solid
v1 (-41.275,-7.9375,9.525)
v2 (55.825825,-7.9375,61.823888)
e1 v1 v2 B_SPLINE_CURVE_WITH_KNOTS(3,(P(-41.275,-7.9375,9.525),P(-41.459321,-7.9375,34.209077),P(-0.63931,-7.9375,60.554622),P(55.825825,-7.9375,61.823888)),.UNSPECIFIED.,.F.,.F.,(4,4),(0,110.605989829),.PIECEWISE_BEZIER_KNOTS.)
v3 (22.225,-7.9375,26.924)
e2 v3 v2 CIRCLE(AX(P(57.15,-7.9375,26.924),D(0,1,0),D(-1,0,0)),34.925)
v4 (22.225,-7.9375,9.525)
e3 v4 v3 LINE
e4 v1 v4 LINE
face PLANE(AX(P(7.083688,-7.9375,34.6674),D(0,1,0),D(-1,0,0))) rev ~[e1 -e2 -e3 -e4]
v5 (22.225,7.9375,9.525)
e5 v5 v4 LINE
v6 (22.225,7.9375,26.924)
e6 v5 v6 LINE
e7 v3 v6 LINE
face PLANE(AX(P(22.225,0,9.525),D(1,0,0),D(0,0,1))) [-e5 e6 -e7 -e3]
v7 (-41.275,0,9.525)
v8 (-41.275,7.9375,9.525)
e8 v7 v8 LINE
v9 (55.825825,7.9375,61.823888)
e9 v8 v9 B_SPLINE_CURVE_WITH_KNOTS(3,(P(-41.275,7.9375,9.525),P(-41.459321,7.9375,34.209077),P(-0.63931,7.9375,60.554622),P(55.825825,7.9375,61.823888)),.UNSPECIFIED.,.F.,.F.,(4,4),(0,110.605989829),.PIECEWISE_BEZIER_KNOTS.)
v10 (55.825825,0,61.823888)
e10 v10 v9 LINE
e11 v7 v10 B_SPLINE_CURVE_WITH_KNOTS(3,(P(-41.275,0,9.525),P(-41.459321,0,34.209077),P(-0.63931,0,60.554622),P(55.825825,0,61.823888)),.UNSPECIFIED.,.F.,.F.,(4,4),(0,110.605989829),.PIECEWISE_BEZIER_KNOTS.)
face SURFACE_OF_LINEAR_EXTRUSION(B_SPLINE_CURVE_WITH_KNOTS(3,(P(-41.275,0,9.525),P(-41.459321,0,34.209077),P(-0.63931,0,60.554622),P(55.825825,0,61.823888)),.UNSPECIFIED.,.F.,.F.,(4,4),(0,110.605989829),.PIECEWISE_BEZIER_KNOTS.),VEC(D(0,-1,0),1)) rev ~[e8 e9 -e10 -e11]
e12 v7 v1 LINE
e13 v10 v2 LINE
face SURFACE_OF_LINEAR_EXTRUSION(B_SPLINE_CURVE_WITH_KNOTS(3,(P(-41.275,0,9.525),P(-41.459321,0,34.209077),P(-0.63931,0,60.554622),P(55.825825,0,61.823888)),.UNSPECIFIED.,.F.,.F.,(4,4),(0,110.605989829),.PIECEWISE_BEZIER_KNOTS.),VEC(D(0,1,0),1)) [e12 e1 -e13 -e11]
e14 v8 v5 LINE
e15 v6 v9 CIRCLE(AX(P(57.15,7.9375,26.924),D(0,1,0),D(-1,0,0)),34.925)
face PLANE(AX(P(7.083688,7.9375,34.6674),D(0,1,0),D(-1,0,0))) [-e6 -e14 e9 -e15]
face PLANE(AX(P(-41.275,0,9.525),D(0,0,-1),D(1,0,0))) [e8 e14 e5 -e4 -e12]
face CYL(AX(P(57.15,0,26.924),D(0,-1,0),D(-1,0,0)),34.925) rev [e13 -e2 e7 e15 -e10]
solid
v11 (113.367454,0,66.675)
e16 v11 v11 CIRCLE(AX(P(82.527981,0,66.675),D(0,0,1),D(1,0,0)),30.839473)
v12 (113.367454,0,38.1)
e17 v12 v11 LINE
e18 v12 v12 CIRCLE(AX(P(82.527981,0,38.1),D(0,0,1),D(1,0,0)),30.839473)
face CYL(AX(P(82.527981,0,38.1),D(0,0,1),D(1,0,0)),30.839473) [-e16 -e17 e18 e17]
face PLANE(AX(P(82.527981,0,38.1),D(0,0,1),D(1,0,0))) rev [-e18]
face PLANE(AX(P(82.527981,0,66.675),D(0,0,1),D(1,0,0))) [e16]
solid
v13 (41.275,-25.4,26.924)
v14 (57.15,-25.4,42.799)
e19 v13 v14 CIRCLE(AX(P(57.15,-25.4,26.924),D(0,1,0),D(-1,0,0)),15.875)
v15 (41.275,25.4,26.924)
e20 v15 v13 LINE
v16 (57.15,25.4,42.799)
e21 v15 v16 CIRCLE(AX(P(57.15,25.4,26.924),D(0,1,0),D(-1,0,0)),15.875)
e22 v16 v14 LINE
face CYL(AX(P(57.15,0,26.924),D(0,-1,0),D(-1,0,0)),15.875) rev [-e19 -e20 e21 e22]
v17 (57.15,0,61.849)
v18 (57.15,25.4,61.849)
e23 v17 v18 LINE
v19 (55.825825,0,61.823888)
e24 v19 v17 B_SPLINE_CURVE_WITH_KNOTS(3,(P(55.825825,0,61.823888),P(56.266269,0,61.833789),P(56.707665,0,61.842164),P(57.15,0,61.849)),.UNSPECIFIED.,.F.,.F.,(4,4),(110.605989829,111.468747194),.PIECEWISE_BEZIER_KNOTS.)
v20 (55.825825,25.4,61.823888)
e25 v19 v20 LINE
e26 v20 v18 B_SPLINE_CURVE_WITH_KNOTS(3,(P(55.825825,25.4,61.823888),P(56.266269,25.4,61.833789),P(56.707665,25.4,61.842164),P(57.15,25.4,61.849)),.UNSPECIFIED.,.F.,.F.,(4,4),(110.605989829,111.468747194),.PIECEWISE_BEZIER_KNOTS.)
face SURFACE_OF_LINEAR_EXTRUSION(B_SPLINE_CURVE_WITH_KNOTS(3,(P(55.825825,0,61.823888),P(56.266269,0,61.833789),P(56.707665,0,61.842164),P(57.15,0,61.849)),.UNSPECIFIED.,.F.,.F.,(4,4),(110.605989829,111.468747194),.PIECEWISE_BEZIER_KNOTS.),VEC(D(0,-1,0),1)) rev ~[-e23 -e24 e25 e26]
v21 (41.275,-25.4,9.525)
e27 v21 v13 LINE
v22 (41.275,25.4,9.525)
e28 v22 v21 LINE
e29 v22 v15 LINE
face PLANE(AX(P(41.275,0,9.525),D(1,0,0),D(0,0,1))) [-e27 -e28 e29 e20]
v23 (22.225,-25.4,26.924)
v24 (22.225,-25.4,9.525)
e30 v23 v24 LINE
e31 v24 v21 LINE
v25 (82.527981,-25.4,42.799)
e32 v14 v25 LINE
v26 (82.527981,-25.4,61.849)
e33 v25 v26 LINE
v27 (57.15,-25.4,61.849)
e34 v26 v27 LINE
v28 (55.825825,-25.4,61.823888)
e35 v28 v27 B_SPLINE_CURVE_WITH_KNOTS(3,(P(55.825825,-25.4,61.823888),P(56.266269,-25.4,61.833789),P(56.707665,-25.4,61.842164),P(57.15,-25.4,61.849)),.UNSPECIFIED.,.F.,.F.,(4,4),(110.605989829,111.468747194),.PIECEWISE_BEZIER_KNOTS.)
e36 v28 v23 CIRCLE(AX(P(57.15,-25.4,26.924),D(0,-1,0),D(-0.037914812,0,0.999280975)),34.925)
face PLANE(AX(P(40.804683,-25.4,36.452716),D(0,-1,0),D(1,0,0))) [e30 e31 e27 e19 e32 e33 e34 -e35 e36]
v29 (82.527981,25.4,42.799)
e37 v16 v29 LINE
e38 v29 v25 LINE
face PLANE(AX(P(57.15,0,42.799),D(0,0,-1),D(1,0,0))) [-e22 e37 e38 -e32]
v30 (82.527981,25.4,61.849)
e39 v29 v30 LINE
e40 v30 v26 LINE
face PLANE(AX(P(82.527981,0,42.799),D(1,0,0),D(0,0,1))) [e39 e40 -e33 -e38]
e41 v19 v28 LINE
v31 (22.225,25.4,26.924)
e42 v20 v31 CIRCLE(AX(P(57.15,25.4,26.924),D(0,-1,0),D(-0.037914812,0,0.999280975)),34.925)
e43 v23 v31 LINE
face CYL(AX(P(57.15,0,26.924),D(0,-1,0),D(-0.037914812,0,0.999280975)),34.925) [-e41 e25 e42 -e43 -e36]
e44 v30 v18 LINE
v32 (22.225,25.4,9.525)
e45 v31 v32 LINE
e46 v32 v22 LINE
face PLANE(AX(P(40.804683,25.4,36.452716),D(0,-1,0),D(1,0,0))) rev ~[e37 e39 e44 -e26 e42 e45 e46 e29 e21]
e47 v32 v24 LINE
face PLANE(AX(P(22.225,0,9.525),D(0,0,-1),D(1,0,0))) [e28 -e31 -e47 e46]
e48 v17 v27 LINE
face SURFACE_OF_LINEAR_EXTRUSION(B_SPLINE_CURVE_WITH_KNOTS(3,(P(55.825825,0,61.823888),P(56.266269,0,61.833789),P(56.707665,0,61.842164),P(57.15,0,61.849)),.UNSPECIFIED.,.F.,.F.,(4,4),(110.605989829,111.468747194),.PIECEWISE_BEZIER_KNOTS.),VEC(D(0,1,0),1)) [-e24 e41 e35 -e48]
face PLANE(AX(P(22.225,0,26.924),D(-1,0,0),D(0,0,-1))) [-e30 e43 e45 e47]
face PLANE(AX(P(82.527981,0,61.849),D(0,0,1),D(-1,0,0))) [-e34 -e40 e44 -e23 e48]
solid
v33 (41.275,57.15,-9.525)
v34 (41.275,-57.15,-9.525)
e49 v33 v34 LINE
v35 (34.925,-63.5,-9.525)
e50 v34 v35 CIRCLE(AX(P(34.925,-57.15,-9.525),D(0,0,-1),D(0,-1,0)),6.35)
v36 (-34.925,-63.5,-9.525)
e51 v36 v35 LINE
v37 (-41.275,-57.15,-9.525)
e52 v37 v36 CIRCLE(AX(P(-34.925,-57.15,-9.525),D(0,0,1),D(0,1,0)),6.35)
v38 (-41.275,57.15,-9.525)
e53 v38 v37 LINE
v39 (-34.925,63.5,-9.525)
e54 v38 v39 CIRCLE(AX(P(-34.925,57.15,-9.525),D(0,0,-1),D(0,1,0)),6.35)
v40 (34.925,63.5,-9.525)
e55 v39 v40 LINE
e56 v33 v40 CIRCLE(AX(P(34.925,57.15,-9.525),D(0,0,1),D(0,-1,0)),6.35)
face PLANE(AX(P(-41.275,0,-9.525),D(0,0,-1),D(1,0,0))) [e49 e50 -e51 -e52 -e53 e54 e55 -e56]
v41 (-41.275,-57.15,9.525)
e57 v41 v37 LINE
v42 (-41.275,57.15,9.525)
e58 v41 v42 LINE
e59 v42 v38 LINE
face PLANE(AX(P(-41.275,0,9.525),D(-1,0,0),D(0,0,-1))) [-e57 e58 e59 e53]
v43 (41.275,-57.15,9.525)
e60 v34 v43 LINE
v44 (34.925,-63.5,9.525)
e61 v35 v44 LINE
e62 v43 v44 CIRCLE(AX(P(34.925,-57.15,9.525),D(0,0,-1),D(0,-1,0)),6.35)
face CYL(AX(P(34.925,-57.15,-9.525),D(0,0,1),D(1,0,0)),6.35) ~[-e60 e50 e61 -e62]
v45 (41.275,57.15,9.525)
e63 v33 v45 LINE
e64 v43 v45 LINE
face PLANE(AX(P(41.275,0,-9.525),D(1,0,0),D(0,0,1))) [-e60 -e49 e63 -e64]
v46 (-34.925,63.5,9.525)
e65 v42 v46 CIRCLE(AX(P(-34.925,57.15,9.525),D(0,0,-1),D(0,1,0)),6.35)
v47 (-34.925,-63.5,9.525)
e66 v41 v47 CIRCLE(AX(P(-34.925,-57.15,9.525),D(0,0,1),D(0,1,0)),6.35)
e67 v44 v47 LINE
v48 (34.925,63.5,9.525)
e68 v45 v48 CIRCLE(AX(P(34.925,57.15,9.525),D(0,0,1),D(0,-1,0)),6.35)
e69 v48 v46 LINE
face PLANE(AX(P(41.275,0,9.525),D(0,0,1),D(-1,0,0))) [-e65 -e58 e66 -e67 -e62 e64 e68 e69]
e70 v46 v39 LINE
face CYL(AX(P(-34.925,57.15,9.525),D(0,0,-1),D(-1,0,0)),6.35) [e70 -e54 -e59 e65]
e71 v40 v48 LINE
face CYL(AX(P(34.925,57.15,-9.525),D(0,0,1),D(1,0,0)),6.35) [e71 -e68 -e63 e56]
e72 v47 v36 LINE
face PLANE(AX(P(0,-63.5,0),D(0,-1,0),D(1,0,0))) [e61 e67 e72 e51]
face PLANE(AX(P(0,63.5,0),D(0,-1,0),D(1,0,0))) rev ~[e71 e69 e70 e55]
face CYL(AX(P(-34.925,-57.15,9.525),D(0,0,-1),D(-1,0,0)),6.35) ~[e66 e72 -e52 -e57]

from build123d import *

# Parameters (mm, degrees)
F1_DEPTH = 63.5
F0_W     = 19.9605273192
F0_H     = 19.05
F2_DEPTH = 25.4
F3_DEPTH = 7.9375
F5_R     = 6.35


with BuildPart() as f1:
    # F0 (on Front) → F1 (new body, symmetric)
    with BuildSketch(Plane.XZ):
        Polygon((22.225, 9.525), (-41.275, 9.525), (-41.275, -9.525), (41.275, -9.525), (41.275, 9.525), align=None)
    extrude(amount=F1_DEPTH, both=True)

    # F5
    f5_edges = [f1.edges().sort_by_distance(p)[0] for p in [
        (-41.275, -63.5, 0),
        (41.275, -63.5, 0),
        (41.275, 63.5, 0),
        (-41.275, 63.5, 0),
    ]]
    fillet(f5_edges, radius=F5_R)


with BuildPart() as f2:
    # F0 (on Front) → F2 (new body, symmetric)
    with BuildSketch(Plane.XZ):
        with BuildLine():
            Line((22.225, 26.924), (22.225, 9.525))
            Line((22.225, 9.525), (41.275, 9.525))
            Line((41.275, 9.525), (41.275, 26.924))
            ThreePointArc((41.275, 26.924), (45.9246798487, 38.1493201513), (57.15, 42.799))
            Line((57.15, 42.799), (62.5674536577, 42.799))
            Line((62.5674536577, 42.799), (62.5674536577, 61.849))
            Line((62.5674536577, 61.849), (57.15, 61.849))
            add(Edge.make_bspline(
                [(55.8258251955, 61.8238880526), (56.2662688919, 61.8337886809), (56.7076645053, 61.8421635599), (57.15, 61.849)],
                knots=[110.6059898285, 110.6059898285, 110.6059898285, 110.6059898285, 111.468747194, 111.468747194, 111.468747194, 111.468747194], degree=3))
            ThreePointArc((55.8258251955, 61.8238880526), (31.9904846028, 51.1470140564), (22.225, 26.924))
        make_face()
        with Locations((72.5477173173, 52.324)):
            Rectangle(F0_W, F0_H)
    extrude(amount=F2_DEPTH, both=True)


with BuildPart() as f3:
    # F0 (on Front) → F3 (new body, symmetric)
    with BuildSketch(Plane.XZ):
        with BuildLine():
            add(Edge.make_bspline(
                [(-41.275, 9.525), (-41.4593213512, 34.2090771104), (-0.6393096823, 60.5546218275), (55.8258251955, 61.8238880526)],
                knots=[0, 0, 0, 0, 110.6059898285, 110.6059898285, 110.6059898285, 110.6059898285], degree=3))
            Line((-41.275, 9.525), (22.225, 9.525))
            Line((22.225, 9.525), (22.225, 26.924))
            ThreePointArc((22.225, 26.924), (31.9904846028, 51.1470140564), (55.8258251955, 61.8238880526))
        make_face()
    extrude(amount=F3_DEPTH, both=True)


with BuildPart() as f4:
    # F0 (on Front) → F4 (revolve)
    with BuildSketch(Plane.XZ):
        Polygon((82.5279809769, 66.675), (82.5279809769, 61.849), (82.5279809769, 42.799), (82.5279809769, 38.1), (113.3674536577, 38.1), (113.3674536577, 66.675), align=None)
    revolve(axis=Axis((82.5279809769, 0, 52.3875), (0, 0, 1)))


solid = Compound([f1.part, f2.part, f3.part, f4.part])
